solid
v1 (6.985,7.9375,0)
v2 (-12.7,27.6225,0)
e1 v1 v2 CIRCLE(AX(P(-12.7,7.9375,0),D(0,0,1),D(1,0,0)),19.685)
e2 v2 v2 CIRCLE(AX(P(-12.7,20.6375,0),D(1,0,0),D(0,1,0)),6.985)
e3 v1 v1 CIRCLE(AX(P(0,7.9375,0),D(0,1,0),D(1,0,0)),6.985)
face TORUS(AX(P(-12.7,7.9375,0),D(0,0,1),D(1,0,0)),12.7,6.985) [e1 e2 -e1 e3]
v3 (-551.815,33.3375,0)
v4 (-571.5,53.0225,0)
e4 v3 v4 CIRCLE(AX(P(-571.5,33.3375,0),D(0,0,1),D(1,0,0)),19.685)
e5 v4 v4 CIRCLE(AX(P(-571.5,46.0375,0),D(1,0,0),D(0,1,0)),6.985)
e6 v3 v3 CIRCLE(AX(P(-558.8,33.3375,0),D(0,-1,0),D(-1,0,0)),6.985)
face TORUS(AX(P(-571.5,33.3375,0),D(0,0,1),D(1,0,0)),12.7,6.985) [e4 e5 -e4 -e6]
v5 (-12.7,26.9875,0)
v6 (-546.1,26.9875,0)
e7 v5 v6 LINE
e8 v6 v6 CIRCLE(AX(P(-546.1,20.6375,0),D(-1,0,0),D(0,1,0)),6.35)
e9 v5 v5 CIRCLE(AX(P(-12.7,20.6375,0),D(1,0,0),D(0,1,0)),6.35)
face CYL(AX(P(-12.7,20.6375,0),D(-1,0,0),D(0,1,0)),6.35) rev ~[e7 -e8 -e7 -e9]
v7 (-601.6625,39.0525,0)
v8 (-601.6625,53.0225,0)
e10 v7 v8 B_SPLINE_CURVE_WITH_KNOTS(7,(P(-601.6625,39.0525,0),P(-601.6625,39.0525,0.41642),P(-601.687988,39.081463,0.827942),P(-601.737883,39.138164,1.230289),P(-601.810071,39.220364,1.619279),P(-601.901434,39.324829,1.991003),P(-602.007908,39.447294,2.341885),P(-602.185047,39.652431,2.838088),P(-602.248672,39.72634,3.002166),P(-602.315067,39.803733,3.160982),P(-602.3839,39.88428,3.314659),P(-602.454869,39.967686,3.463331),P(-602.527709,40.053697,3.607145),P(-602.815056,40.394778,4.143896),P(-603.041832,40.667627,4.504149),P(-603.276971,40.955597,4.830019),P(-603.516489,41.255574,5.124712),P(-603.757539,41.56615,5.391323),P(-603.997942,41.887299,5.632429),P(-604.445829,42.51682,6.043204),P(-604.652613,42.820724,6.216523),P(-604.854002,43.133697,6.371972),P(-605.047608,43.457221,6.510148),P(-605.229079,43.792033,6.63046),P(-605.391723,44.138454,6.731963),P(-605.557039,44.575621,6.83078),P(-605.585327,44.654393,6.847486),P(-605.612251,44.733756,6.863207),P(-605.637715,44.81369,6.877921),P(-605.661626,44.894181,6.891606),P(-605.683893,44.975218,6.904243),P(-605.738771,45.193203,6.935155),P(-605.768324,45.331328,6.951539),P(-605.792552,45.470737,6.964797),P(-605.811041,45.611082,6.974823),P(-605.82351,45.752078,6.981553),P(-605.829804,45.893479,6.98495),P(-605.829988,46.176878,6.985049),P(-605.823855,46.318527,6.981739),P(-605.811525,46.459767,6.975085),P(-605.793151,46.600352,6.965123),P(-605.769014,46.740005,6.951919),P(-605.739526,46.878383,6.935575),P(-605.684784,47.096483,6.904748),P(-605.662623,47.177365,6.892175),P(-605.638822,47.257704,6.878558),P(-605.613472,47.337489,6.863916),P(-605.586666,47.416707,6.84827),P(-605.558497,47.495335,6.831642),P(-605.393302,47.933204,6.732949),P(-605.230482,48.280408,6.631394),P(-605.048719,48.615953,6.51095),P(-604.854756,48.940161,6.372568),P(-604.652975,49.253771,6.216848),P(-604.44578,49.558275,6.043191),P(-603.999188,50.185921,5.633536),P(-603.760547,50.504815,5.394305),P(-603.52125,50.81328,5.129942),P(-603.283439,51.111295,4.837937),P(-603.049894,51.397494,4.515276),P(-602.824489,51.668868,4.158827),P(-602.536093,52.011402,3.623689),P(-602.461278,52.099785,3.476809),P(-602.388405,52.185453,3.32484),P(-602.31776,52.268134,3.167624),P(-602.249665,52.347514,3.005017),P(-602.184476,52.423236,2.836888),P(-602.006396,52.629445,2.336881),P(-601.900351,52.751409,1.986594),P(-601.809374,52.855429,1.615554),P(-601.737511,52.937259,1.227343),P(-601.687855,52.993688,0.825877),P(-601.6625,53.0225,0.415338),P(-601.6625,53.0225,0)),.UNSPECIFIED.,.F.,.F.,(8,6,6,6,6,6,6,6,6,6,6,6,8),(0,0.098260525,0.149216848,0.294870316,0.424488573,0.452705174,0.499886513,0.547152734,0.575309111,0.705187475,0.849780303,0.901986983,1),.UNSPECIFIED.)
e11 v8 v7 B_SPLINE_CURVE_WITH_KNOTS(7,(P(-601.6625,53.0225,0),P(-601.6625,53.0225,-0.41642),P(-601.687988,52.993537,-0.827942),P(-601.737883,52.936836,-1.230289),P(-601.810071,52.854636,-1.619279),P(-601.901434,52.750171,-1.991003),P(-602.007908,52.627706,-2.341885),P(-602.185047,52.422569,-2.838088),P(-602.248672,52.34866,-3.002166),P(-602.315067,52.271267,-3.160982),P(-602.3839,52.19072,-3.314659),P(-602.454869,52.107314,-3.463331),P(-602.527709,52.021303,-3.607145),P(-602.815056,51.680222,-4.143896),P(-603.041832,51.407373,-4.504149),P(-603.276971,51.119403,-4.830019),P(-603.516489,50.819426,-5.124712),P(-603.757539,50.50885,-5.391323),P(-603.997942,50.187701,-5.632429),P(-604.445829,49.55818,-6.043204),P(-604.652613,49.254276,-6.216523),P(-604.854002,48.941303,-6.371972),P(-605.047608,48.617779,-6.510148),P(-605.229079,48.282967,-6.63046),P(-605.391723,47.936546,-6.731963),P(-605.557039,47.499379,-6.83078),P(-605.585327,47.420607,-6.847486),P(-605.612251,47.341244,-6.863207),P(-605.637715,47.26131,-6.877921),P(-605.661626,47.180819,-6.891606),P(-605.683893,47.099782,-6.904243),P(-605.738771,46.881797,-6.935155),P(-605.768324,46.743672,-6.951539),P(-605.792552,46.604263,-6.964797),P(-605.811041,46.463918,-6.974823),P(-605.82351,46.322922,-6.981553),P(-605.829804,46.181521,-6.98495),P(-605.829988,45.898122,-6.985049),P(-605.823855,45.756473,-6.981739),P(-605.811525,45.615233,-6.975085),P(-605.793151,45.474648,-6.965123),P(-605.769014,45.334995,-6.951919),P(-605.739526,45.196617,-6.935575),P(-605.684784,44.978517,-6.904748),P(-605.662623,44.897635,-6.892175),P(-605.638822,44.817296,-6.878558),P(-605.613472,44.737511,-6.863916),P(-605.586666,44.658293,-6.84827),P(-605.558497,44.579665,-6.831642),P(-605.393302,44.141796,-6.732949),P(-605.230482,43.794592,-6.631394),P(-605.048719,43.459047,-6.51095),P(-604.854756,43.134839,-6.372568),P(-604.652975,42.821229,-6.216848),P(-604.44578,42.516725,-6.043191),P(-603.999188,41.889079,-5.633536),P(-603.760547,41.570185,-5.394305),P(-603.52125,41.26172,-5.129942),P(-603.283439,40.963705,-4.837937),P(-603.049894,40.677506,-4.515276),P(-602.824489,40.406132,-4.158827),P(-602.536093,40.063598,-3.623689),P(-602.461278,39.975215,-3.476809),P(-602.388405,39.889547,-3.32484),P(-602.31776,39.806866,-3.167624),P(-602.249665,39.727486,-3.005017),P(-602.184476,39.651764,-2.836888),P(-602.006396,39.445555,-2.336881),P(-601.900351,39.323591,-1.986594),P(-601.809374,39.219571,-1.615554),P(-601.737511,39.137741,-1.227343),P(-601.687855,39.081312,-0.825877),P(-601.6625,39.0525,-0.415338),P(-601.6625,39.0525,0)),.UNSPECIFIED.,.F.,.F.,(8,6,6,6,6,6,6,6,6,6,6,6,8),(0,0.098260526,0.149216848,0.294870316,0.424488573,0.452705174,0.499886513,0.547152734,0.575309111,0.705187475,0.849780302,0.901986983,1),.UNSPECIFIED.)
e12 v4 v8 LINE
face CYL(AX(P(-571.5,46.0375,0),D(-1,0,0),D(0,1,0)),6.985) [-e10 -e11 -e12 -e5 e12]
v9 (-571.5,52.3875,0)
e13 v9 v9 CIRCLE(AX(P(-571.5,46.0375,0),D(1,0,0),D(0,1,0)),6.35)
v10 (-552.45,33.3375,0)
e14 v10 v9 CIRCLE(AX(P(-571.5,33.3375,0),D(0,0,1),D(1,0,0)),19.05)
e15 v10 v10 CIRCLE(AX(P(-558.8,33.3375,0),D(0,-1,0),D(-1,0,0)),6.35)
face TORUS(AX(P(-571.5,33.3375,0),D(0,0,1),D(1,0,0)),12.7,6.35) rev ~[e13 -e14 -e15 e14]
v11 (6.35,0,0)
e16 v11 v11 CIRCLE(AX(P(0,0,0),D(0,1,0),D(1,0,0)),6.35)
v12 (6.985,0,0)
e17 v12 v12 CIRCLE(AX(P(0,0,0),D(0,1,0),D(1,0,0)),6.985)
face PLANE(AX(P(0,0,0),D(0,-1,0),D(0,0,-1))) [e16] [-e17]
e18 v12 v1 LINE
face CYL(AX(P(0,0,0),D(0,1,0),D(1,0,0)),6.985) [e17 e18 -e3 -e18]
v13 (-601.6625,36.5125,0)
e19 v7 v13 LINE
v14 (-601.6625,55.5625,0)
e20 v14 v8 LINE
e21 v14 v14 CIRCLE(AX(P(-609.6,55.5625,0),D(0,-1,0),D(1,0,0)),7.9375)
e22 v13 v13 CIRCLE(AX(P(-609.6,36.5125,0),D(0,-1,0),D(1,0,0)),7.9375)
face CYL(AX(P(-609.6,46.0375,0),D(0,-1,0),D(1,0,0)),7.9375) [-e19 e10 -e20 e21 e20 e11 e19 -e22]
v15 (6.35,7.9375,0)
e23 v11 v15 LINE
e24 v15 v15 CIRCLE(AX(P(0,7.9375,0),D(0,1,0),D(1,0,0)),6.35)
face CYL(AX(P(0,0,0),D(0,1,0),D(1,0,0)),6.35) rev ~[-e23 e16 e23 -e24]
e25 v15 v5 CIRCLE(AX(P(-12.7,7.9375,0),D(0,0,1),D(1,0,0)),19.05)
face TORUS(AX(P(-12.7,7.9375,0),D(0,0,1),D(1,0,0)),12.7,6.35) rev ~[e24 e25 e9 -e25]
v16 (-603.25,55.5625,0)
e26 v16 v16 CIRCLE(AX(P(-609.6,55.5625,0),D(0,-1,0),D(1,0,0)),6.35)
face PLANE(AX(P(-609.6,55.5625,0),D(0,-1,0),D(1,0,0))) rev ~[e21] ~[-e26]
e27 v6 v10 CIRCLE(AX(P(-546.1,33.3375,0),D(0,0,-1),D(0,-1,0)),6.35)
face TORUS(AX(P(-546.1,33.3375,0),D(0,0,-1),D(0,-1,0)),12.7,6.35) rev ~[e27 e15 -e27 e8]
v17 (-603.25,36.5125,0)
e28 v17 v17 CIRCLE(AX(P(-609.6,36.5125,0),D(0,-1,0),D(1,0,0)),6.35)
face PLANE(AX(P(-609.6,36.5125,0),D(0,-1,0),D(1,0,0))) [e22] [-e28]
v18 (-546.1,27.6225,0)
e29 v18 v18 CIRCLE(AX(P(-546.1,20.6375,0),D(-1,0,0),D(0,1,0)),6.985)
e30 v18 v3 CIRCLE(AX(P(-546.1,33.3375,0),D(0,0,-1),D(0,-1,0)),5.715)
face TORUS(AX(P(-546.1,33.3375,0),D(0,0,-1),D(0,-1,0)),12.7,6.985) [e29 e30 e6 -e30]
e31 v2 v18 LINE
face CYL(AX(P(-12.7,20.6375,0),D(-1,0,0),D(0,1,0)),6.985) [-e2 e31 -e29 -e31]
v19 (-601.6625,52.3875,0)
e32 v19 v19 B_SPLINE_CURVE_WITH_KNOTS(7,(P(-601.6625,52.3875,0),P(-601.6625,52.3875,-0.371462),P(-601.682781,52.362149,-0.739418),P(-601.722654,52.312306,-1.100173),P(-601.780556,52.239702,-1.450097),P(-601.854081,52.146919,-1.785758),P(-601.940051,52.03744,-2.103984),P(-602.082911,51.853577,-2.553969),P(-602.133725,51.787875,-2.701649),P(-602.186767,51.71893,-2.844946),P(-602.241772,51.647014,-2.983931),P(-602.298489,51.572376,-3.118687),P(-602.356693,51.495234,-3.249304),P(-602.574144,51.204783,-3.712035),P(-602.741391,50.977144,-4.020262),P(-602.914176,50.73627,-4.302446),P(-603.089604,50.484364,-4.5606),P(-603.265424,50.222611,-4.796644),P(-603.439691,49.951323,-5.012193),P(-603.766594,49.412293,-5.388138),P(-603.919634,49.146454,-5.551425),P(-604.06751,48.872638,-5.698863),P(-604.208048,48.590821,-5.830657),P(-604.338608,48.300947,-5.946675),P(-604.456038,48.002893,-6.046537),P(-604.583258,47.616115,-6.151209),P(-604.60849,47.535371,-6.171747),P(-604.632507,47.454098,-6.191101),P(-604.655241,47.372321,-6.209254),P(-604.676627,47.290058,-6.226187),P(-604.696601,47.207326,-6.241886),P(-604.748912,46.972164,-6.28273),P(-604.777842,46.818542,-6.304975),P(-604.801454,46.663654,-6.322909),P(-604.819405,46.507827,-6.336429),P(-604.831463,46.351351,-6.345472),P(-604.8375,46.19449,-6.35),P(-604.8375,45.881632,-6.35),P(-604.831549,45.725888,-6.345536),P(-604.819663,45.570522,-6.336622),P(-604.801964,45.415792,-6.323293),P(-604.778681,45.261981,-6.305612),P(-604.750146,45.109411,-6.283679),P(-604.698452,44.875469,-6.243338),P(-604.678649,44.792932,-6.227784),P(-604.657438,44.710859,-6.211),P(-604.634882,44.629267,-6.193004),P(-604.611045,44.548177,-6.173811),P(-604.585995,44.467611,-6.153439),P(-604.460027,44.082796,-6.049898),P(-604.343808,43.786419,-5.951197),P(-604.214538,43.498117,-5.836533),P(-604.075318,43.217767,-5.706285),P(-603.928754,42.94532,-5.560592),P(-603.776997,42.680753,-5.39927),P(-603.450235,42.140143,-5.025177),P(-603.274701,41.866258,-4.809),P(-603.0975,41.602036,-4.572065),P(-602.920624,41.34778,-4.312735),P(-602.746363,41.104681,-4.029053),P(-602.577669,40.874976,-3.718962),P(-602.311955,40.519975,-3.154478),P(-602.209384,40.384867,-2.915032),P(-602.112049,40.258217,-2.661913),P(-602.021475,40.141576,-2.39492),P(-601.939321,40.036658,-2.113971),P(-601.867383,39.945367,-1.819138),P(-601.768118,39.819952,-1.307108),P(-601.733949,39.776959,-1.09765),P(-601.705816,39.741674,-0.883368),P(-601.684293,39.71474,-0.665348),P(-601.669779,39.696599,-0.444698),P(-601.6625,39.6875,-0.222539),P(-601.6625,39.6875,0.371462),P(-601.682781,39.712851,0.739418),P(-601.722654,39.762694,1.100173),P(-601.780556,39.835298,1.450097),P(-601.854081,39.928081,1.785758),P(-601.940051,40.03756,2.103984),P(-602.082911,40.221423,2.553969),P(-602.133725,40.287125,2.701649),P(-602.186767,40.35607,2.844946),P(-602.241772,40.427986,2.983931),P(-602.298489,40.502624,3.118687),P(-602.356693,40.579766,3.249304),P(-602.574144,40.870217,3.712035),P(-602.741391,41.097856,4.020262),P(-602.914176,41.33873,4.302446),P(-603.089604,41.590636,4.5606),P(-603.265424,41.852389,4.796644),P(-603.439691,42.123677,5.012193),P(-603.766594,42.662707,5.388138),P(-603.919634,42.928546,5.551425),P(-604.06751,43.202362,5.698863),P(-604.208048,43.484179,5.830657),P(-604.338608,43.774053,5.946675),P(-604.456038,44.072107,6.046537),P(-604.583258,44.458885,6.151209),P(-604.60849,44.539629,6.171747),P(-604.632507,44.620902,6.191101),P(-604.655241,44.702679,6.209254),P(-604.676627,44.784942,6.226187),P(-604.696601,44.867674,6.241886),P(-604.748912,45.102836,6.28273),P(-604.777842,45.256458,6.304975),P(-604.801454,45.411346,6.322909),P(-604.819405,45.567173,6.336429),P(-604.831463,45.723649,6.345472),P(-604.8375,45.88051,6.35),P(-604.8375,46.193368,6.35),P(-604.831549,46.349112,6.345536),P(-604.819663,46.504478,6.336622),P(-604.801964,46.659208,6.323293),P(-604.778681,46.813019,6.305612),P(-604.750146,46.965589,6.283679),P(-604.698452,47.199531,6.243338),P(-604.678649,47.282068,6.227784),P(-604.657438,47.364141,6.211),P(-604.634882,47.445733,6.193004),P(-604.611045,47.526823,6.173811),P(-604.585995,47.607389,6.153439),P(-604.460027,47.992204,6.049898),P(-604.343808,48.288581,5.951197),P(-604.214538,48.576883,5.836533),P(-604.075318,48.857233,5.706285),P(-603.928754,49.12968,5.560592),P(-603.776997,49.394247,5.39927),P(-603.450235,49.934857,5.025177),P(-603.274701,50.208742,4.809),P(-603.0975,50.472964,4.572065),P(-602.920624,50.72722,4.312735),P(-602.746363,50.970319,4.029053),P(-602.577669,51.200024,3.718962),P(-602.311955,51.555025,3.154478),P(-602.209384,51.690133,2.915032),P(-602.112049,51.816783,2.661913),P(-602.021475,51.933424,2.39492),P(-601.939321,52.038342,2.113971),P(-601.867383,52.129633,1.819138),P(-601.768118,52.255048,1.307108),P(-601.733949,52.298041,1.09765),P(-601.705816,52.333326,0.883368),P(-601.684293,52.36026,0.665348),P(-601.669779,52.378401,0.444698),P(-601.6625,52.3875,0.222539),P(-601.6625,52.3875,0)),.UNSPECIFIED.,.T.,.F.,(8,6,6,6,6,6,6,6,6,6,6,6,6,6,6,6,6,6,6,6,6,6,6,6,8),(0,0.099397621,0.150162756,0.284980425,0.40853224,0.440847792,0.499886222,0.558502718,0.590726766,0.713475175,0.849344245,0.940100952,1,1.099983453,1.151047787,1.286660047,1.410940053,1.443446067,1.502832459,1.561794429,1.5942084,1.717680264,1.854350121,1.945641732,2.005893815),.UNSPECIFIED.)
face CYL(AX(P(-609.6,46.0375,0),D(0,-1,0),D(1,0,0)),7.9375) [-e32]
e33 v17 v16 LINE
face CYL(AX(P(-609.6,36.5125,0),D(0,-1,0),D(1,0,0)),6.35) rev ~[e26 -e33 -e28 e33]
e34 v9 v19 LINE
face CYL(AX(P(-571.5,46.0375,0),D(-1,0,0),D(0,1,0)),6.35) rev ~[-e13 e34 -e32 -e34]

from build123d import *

# Parameters (mm, degrees)
F0_R     = 6.985
F0_R_2   = 6.35
F4_R     = 7.9375
F5_DEPTH = 9.525
F6_R     = 6.35
F7_DEPTH = 19.05


with BuildPart() as f2:
    # F2: sweep along a path in F1
    with BuildLine(Plane.XY) as f2_path:
        Line((0, 0), (0, 7.9375))
        ThreePointArc((0, 7.9375), (-3.7197438789, 16.9177561211), (-12.7, 20.6375))
        Line((-12.7, 20.6375), (-546.1, 20.6375))
        ThreePointArc((-546.1, 20.6375), (-555.0802561211, 24.3572438789), (-558.8, 33.3375))
        ThreePointArc((-558.8, 33.3375), (-562.5197438789, 42.3177561211), (-571.5, 46.0375))
        Line((-571.5, 46.0375), (-609.6, 46.0375))
    # F0 (on Front) → F2 (sweep)
    with BuildSketch(Plane.XZ):
        Circle(F0_R)
        Circle(F0_R_2, mode=Mode.SUBTRACT)
    sweep(path=f2_path.line)

    # F4 (on offset) → F5 (join, symmetric)
    with BuildSketch(Plane.XZ.offset(-46.0375)):
        with Locations((-609.6, 0)):
            Circle(F4_R)
    extrude(amount=F5_DEPTH, both=True)

    # F6 (on face) → F7 (cut, through all)
    with BuildSketch(Plane.XZ.offset(-36.5125)):
        with Locations((-609.6, 0)):
            Circle(F6_R)
    extrude(amount=-F7_DEPTH, mode=Mode.SUBTRACT)


solid = f2.part
